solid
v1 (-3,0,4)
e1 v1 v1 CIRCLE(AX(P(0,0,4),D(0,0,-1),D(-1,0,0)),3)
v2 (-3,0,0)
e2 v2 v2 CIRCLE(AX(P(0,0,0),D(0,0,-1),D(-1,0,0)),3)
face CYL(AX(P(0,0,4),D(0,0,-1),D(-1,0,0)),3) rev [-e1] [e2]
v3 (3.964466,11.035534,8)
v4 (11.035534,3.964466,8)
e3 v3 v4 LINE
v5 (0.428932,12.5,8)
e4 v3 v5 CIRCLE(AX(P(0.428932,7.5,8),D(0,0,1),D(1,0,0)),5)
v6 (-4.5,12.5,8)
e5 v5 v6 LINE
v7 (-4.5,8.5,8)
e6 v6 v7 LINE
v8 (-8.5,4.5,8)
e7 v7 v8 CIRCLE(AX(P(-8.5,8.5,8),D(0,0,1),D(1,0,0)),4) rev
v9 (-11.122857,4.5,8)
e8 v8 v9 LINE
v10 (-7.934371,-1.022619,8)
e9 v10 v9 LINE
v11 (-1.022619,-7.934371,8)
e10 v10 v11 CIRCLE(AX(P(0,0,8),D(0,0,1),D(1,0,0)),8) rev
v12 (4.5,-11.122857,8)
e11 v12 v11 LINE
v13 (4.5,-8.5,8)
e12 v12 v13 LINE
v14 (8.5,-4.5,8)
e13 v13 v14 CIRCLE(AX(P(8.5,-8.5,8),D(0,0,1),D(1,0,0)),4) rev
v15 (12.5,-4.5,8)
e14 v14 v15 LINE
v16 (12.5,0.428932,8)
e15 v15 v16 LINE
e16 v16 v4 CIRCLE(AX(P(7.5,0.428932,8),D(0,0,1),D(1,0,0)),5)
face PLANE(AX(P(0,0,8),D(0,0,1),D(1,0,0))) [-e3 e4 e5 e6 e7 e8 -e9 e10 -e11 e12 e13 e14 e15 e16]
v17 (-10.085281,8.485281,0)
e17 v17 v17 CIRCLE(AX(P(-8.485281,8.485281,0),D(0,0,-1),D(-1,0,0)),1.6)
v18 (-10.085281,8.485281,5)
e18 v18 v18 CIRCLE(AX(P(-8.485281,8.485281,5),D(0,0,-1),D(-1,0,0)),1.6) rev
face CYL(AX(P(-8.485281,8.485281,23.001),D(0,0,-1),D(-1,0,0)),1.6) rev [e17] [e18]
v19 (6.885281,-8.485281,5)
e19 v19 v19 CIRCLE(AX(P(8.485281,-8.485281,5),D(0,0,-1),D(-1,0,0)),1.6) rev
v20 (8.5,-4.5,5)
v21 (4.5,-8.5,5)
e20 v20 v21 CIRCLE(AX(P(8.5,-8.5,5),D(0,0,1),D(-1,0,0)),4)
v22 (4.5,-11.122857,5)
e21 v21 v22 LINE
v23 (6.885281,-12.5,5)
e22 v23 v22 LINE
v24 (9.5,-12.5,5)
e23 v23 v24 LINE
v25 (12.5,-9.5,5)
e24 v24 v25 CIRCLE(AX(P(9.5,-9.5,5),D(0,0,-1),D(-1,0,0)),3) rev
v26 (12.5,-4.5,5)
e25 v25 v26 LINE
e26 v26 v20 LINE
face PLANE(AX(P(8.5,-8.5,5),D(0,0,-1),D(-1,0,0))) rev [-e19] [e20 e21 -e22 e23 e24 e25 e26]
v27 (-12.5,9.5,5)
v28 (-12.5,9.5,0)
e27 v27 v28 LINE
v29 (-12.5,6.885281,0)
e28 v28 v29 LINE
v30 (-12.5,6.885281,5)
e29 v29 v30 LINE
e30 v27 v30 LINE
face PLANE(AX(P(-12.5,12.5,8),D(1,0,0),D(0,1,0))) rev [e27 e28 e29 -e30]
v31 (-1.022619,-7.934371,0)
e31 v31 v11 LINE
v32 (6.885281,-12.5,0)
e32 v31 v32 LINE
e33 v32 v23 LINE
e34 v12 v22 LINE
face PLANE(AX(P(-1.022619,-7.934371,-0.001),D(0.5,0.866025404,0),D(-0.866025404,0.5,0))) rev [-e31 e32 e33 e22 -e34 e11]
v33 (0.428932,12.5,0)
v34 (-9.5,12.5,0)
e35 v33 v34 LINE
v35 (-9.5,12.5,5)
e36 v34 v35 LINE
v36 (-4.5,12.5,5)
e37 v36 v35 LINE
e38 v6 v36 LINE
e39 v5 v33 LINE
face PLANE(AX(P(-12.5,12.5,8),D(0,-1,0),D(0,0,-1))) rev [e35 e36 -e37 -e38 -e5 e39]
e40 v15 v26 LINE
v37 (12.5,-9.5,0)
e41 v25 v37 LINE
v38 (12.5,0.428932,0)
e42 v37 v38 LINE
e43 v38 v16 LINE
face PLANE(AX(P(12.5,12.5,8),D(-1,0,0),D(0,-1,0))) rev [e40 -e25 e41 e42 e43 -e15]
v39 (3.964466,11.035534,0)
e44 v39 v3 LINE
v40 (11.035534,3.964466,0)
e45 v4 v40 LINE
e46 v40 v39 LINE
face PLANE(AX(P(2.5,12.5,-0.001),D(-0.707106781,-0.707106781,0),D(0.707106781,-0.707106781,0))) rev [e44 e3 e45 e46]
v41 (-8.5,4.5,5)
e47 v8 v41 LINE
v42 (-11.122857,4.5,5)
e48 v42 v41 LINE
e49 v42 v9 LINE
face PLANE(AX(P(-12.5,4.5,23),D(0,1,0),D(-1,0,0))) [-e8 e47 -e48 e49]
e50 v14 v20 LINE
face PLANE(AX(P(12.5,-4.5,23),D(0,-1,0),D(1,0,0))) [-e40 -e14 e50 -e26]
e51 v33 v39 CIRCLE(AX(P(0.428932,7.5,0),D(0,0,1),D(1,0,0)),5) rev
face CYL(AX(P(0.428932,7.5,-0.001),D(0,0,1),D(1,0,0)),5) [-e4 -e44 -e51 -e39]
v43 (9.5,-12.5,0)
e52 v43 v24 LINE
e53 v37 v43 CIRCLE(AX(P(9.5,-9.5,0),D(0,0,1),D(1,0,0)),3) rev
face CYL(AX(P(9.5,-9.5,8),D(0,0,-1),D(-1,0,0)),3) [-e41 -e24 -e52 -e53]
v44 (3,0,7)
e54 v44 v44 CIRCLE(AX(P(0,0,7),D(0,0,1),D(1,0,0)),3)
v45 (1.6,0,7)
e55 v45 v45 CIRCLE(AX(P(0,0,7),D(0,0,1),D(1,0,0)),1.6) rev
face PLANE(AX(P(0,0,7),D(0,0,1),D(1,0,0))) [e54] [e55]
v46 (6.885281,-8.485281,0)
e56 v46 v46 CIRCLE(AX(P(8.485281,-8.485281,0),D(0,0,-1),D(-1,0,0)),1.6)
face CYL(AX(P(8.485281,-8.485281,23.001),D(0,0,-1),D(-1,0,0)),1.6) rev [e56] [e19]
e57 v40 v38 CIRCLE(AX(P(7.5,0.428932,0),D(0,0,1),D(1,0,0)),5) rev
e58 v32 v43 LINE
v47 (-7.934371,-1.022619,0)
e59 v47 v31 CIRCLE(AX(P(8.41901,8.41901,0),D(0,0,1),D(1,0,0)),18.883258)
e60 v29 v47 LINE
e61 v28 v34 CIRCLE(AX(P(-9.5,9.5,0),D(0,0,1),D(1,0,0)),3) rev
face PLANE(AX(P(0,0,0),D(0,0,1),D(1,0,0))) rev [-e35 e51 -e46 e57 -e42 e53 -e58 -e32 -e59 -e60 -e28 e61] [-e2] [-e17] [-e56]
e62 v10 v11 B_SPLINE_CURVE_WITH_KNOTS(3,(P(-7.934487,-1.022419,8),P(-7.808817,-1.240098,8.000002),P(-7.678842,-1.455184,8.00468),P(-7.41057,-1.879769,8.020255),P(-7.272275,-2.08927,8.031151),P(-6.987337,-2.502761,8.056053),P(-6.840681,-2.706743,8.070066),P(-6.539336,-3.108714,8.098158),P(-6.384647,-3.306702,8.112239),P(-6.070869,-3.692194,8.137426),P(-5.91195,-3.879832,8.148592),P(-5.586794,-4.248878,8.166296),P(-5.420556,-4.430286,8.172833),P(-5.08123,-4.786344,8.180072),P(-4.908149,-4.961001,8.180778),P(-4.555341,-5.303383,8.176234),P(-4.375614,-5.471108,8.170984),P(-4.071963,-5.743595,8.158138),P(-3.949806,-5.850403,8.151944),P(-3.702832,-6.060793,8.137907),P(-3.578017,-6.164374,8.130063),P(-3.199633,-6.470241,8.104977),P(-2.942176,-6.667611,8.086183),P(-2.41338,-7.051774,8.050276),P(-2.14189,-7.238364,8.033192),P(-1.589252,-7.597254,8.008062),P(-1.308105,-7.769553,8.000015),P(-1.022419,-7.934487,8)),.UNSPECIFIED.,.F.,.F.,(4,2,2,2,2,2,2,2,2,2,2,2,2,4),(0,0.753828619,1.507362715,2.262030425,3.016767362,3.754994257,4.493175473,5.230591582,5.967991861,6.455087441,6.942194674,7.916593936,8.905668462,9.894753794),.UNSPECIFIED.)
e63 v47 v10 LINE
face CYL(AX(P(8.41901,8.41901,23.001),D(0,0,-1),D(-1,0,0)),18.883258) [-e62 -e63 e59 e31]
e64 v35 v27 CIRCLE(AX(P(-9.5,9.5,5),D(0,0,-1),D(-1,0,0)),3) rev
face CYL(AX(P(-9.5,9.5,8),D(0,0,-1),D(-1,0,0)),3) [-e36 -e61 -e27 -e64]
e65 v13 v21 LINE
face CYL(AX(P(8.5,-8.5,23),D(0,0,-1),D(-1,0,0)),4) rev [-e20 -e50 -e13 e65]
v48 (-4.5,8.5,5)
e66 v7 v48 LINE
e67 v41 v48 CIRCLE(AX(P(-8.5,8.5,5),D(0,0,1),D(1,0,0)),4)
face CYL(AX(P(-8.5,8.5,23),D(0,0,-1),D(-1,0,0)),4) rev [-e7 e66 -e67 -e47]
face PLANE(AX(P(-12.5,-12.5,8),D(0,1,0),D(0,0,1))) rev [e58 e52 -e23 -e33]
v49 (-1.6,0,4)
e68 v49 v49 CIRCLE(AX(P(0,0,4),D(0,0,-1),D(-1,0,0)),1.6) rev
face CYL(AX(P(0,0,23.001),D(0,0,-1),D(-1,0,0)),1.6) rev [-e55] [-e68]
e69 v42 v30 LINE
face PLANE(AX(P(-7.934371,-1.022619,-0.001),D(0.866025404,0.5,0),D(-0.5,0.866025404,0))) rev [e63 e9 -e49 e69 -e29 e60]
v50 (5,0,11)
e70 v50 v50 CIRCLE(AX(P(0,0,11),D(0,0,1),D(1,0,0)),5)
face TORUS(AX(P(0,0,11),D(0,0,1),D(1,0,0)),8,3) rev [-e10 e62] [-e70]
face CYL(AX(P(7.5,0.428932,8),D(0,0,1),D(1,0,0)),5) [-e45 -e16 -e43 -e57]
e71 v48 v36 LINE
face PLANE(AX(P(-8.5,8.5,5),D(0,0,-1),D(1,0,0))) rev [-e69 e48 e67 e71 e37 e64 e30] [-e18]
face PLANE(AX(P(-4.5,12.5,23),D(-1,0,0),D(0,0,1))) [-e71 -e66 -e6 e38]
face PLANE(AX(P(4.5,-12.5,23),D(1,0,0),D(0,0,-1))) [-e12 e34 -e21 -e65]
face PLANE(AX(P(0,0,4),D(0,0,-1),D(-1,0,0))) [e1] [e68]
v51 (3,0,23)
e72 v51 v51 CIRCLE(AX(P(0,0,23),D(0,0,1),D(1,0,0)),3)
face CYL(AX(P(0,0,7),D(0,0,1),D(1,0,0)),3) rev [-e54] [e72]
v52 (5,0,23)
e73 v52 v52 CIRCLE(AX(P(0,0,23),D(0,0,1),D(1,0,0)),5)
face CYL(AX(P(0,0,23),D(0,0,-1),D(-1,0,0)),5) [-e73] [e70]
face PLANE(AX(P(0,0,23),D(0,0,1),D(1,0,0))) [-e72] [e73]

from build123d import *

# Parameters (mm, degrees)
SCHIZZO1_W                            = 25
SCHIZZO1_H                            = 25
ESTRUSIONE_ESTRUSIONE1_DEPTH          = 8
SCHIZZO8_R                            = 5
ESTRUSIONE_ESTRUSIONE3_DEPTH          = 15
RACCORDO1_R                           = 3
TAGLIO_ESTRUSIONE2_REACH              = 25
SCHIZZO9_R                            = 1.6
SCHIZZO10_R                           = 3
TAGLIO_ESTRUSIONE3_DEPTH              = 4
SCHIZZO11_R                           = 3
TAGLIO_ESTRUSIONE4_DEPTH              = 16
TAGLIO_ESTRUSIONE6_REACH              = 25
SCHIZZO13_R                           = 1.6
TAGLIO_ESTRUSIONE8_START              = -3
TAGLIO_ESTRUSIONE8_DEPTH              = 19
RIPETIZIONECIRCOLARE1_COUNT           = 2
RIPETIZIONECIRCOLARE1_ANGLE           = 180
TAGLIO_ESTRUSIONE9_REACH              = 10
RACCORDO2_R                           = 5
RACCORDO3_R                           = 3
TAGLIO_ESTRUSIONE10_REACH             = 10
TAGLIO_ESTRUSIONE10_DIRECTION_2_REACH = 17


with BuildPart() as part:
    # Schizzo1 → Estrusione-Estrusione1 (new body)
    with BuildSketch(Plane.XY):
        Rectangle(SCHIZZO1_W, SCHIZZO1_H)
    extrude(amount=ESTRUSIONE_ESTRUSIONE1_DEPTH)

    # Schizzo8 → Estrusione-Estrusione3 (add)
    with BuildSketch(Plane.XY.offset(8)):
        Circle(SCHIZZO8_R)
    extrude(amount=ESTRUSIONE_ESTRUSIONE3_DEPTH)

    # Raccordo1
    raccordo1_edges = [part.edges().sort_by_distance(p)[0] for p in [
        (-5, 0, 8),
    ]]
    fillet(raccordo1_edges, radius=RACCORDO1_R)

    # Schizzo9 → Taglio-Estrusione2 (cut, up to next)
    with BuildSketch(Plane(origin=(0, 0, 0), x_dir=(-1, 0, 0), z_dir=(0, 0, -1)), mode=Mode.PRIVATE) as taglio_estrusione2_sk1:
        Circle(SCHIZZO9_R)
    taglio_estrusione2_tool1 = extrude(taglio_estrusione2_sk1.sketch, amount=-TAGLIO_ESTRUSIONE2_REACH, mode=Mode.PRIVATE) & part.part
    add(taglio_estrusione2_tool1.solids().sort_by_distance((0, 0, 0))[0], mode=Mode.SUBTRACT)

    # Schizzo10 → Taglio-Estrusione3 (cut)
    with BuildSketch(Plane(origin=(0, 0, 0), x_dir=(-1, 0, 0), z_dir=(0, 0, -1))):
        Circle(SCHIZZO10_R)
    extrude(amount=-TAGLIO_ESTRUSIONE3_DEPTH, mode=Mode.SUBTRACT)

    # Schizzo11 → Taglio-Estrusione4 (cut)
    with BuildSketch(Plane.XY.offset(23)):
        Circle(SCHIZZO11_R)
    extrude(amount=-TAGLIO_ESTRUSIONE4_DEPTH, mode=Mode.SUBTRACT)

    # Schizzo13 → Taglio-Estrusione6 (cut, up to next)
    with BuildSketch(Plane(origin=(0, 0, 0), x_dir=(-1, 0, 0), z_dir=(0, 0, -1)), mode=Mode.PRIVATE) as taglio_estrusione6_sk1:
        with Locations((-8.485281374, -8.485281374)):
            Circle(SCHIZZO13_R)
    taglio_estrusione6_tool1 = extrude(taglio_estrusione6_sk1.sketch, amount=-TAGLIO_ESTRUSIONE6_REACH, mode=Mode.PRIVATE) & part.part
    add(taglio_estrusione6_tool1.solids().sort_by_distance((8.485281, -8.485281, 0))[0], mode=Mode.SUBTRACT)
    # Schizzo13 → Taglio-Estrusione6 (cut, up to next)
    with BuildSketch(Plane(origin=(0, 0, 0), x_dir=(-1, 0, 0), z_dir=(0, 0, -1)), mode=Mode.PRIVATE) as taglio_estrusione6_sk2:
        with Locations((8.485281374, 8.485281374)):
            Circle(SCHIZZO13_R)
    taglio_estrusione6_tool2 = extrude(taglio_estrusione6_sk2.sketch, amount=-TAGLIO_ESTRUSIONE6_REACH, mode=Mode.PRIVATE) & part.part
    add(taglio_estrusione6_tool2.solids().sort_by_distance((-8.485281, 8.485281, 0))[0], mode=Mode.SUBTRACT)

    # Schizzo17 → Taglio-Estrusione8 (cut)
    with BuildSketch(Plane.XY.offset(8).offset(TAGLIO_ESTRUSIONE8_START)):
        with BuildLine():
            Line((4.5, -12.5), (4.5, -8.5))
            ThreePointArc((4.5, -8.5), (5.671572875, -5.671572875), (8.5, -4.5))
            Line((8.5, -4.5), (12.5, -4.5))
            Line((12.5, -4.5), (12.5, -12.5))
            Line((12.5, -12.5), (4.5, -12.5))
        make_face()
    taglio_estrusione8 = extrude(amount=TAGLIO_ESTRUSIONE8_DEPTH, mode=Mode.SUBTRACT)

    # RipetizioneCircolare1: Taglio-Estrusione8 ×2 about axis
    ripetizionecircolare1_axis = Axis((0, 0, 0), (0, 0, 1))
    for i in range(1, RIPETIZIONECIRCOLARE1_COUNT):
        add(taglio_estrusione8.rotate(ripetizionecircolare1_axis, i * RIPETIZIONECIRCOLARE1_ANGLE / (RIPETIZIONECIRCOLARE1_COUNT - 1)), mode=Mode.SUBTRACT)

    # Schizzo18 → Taglio-Estrusione9 (cut, up to next)
    with BuildSketch(Plane.XY.offset(8), mode=Mode.PRIVATE) as taglio_estrusione9_sk1:
        Polygon((2.5, 12.5), (12.5, 2.5), (12.5, 12.5), align=None)
    taglio_estrusione9_tool1 = extrude(taglio_estrusione9_sk1.sketch, amount=-TAGLIO_ESTRUSIONE9_REACH, mode=Mode.PRIVATE) & part.part
    add(taglio_estrusione9_tool1.solids().sort_by_distance((9.166667, 9.166667, 8))[0], mode=Mode.SUBTRACT)

    # Raccordo2
    raccordo2_edges = [part.edges().sort_by_distance(p)[0] for p in [
        (2.5, 12.5, 4),
        (12.5, 2.5, 4),
    ]]
    fillet(raccordo2_edges, radius=RACCORDO2_R)

    # Raccordo3
    raccordo3_edges = [part.edges().sort_by_distance(p)[0] for p in [
        (12.5, -12.5, 2.5),
        (-12.5, 12.5, 2.5),
    ]]
    fillet(raccordo3_edges, radius=RACCORDO3_R)

    # Schizzo19 → Taglio-Estrusione10 (cut, up to next)
    with BuildSketch(Plane.XY.offset(8), mode=Mode.PRIVATE) as taglio_estrusione10_sk1:
        with BuildLine():
            Line((4.5, -12.5), (6.885281374, -12.5))
            Line((6.885281374, -12.5), (-1.022619302, -7.934371416))
            ThreePointArc((-1.022619302, -7.934371416), (-4.933470073, -4.933470073), (-7.934371416, -1.022619302))
            Line((-7.934371416, -1.022619302), (-12.5, 6.885281374))
            Line((-12.5, 6.885281374), (-12.5, 4.5))
            Line((-12.5, 4.5), (-12.5, -12.5))
            Line((-12.5, -12.5), (4.5, -12.5))
        make_face()
    taglio_estrusione10_tool1 = extrude(taglio_estrusione10_sk1.sketch, amount=-TAGLIO_ESTRUSIONE10_REACH, mode=Mode.PRIVATE) & part.part
    add(taglio_estrusione10_tool1.solids().sort_by_distance((-6.87454, -6.87454, 8))[0], mode=Mode.SUBTRACT)

    # Schizzo19 → Taglio-Estrusione10 direction 2 (cut, up to next)
    with BuildSketch(Plane.XY.offset(8), mode=Mode.PRIVATE) as taglio_estrusione10_direction_2_sk1:
        with BuildLine():
            Line((4.5, -12.5), (6.885281374, -12.5))
            Line((6.885281374, -12.5), (-1.022619302, -7.934371416))
            ThreePointArc((-1.022619302, -7.934371416), (-4.933470073, -4.933470073), (-7.934371416, -1.022619302))
            Line((-7.934371416, -1.022619302), (-12.5, 6.885281374))
            Line((-12.5, 6.885281374), (-12.5, 4.5))
            Line((-12.5, 4.5), (-12.5, -12.5))
            Line((-12.5, -12.5), (4.5, -12.5))
        make_face()
    taglio_estrusione10_direction_2_tool1 = extrude(taglio_estrusione10_direction_2_sk1.sketch, amount=TAGLIO_ESTRUSIONE10_DIRECTION_2_REACH, mode=Mode.PRIVATE) & part.part
    add(taglio_estrusione10_direction_2_tool1.solids().sort_by_distance((-6.87454, -6.87454, 8))[0], mode=Mode.SUBTRACT)


solid = part.part
